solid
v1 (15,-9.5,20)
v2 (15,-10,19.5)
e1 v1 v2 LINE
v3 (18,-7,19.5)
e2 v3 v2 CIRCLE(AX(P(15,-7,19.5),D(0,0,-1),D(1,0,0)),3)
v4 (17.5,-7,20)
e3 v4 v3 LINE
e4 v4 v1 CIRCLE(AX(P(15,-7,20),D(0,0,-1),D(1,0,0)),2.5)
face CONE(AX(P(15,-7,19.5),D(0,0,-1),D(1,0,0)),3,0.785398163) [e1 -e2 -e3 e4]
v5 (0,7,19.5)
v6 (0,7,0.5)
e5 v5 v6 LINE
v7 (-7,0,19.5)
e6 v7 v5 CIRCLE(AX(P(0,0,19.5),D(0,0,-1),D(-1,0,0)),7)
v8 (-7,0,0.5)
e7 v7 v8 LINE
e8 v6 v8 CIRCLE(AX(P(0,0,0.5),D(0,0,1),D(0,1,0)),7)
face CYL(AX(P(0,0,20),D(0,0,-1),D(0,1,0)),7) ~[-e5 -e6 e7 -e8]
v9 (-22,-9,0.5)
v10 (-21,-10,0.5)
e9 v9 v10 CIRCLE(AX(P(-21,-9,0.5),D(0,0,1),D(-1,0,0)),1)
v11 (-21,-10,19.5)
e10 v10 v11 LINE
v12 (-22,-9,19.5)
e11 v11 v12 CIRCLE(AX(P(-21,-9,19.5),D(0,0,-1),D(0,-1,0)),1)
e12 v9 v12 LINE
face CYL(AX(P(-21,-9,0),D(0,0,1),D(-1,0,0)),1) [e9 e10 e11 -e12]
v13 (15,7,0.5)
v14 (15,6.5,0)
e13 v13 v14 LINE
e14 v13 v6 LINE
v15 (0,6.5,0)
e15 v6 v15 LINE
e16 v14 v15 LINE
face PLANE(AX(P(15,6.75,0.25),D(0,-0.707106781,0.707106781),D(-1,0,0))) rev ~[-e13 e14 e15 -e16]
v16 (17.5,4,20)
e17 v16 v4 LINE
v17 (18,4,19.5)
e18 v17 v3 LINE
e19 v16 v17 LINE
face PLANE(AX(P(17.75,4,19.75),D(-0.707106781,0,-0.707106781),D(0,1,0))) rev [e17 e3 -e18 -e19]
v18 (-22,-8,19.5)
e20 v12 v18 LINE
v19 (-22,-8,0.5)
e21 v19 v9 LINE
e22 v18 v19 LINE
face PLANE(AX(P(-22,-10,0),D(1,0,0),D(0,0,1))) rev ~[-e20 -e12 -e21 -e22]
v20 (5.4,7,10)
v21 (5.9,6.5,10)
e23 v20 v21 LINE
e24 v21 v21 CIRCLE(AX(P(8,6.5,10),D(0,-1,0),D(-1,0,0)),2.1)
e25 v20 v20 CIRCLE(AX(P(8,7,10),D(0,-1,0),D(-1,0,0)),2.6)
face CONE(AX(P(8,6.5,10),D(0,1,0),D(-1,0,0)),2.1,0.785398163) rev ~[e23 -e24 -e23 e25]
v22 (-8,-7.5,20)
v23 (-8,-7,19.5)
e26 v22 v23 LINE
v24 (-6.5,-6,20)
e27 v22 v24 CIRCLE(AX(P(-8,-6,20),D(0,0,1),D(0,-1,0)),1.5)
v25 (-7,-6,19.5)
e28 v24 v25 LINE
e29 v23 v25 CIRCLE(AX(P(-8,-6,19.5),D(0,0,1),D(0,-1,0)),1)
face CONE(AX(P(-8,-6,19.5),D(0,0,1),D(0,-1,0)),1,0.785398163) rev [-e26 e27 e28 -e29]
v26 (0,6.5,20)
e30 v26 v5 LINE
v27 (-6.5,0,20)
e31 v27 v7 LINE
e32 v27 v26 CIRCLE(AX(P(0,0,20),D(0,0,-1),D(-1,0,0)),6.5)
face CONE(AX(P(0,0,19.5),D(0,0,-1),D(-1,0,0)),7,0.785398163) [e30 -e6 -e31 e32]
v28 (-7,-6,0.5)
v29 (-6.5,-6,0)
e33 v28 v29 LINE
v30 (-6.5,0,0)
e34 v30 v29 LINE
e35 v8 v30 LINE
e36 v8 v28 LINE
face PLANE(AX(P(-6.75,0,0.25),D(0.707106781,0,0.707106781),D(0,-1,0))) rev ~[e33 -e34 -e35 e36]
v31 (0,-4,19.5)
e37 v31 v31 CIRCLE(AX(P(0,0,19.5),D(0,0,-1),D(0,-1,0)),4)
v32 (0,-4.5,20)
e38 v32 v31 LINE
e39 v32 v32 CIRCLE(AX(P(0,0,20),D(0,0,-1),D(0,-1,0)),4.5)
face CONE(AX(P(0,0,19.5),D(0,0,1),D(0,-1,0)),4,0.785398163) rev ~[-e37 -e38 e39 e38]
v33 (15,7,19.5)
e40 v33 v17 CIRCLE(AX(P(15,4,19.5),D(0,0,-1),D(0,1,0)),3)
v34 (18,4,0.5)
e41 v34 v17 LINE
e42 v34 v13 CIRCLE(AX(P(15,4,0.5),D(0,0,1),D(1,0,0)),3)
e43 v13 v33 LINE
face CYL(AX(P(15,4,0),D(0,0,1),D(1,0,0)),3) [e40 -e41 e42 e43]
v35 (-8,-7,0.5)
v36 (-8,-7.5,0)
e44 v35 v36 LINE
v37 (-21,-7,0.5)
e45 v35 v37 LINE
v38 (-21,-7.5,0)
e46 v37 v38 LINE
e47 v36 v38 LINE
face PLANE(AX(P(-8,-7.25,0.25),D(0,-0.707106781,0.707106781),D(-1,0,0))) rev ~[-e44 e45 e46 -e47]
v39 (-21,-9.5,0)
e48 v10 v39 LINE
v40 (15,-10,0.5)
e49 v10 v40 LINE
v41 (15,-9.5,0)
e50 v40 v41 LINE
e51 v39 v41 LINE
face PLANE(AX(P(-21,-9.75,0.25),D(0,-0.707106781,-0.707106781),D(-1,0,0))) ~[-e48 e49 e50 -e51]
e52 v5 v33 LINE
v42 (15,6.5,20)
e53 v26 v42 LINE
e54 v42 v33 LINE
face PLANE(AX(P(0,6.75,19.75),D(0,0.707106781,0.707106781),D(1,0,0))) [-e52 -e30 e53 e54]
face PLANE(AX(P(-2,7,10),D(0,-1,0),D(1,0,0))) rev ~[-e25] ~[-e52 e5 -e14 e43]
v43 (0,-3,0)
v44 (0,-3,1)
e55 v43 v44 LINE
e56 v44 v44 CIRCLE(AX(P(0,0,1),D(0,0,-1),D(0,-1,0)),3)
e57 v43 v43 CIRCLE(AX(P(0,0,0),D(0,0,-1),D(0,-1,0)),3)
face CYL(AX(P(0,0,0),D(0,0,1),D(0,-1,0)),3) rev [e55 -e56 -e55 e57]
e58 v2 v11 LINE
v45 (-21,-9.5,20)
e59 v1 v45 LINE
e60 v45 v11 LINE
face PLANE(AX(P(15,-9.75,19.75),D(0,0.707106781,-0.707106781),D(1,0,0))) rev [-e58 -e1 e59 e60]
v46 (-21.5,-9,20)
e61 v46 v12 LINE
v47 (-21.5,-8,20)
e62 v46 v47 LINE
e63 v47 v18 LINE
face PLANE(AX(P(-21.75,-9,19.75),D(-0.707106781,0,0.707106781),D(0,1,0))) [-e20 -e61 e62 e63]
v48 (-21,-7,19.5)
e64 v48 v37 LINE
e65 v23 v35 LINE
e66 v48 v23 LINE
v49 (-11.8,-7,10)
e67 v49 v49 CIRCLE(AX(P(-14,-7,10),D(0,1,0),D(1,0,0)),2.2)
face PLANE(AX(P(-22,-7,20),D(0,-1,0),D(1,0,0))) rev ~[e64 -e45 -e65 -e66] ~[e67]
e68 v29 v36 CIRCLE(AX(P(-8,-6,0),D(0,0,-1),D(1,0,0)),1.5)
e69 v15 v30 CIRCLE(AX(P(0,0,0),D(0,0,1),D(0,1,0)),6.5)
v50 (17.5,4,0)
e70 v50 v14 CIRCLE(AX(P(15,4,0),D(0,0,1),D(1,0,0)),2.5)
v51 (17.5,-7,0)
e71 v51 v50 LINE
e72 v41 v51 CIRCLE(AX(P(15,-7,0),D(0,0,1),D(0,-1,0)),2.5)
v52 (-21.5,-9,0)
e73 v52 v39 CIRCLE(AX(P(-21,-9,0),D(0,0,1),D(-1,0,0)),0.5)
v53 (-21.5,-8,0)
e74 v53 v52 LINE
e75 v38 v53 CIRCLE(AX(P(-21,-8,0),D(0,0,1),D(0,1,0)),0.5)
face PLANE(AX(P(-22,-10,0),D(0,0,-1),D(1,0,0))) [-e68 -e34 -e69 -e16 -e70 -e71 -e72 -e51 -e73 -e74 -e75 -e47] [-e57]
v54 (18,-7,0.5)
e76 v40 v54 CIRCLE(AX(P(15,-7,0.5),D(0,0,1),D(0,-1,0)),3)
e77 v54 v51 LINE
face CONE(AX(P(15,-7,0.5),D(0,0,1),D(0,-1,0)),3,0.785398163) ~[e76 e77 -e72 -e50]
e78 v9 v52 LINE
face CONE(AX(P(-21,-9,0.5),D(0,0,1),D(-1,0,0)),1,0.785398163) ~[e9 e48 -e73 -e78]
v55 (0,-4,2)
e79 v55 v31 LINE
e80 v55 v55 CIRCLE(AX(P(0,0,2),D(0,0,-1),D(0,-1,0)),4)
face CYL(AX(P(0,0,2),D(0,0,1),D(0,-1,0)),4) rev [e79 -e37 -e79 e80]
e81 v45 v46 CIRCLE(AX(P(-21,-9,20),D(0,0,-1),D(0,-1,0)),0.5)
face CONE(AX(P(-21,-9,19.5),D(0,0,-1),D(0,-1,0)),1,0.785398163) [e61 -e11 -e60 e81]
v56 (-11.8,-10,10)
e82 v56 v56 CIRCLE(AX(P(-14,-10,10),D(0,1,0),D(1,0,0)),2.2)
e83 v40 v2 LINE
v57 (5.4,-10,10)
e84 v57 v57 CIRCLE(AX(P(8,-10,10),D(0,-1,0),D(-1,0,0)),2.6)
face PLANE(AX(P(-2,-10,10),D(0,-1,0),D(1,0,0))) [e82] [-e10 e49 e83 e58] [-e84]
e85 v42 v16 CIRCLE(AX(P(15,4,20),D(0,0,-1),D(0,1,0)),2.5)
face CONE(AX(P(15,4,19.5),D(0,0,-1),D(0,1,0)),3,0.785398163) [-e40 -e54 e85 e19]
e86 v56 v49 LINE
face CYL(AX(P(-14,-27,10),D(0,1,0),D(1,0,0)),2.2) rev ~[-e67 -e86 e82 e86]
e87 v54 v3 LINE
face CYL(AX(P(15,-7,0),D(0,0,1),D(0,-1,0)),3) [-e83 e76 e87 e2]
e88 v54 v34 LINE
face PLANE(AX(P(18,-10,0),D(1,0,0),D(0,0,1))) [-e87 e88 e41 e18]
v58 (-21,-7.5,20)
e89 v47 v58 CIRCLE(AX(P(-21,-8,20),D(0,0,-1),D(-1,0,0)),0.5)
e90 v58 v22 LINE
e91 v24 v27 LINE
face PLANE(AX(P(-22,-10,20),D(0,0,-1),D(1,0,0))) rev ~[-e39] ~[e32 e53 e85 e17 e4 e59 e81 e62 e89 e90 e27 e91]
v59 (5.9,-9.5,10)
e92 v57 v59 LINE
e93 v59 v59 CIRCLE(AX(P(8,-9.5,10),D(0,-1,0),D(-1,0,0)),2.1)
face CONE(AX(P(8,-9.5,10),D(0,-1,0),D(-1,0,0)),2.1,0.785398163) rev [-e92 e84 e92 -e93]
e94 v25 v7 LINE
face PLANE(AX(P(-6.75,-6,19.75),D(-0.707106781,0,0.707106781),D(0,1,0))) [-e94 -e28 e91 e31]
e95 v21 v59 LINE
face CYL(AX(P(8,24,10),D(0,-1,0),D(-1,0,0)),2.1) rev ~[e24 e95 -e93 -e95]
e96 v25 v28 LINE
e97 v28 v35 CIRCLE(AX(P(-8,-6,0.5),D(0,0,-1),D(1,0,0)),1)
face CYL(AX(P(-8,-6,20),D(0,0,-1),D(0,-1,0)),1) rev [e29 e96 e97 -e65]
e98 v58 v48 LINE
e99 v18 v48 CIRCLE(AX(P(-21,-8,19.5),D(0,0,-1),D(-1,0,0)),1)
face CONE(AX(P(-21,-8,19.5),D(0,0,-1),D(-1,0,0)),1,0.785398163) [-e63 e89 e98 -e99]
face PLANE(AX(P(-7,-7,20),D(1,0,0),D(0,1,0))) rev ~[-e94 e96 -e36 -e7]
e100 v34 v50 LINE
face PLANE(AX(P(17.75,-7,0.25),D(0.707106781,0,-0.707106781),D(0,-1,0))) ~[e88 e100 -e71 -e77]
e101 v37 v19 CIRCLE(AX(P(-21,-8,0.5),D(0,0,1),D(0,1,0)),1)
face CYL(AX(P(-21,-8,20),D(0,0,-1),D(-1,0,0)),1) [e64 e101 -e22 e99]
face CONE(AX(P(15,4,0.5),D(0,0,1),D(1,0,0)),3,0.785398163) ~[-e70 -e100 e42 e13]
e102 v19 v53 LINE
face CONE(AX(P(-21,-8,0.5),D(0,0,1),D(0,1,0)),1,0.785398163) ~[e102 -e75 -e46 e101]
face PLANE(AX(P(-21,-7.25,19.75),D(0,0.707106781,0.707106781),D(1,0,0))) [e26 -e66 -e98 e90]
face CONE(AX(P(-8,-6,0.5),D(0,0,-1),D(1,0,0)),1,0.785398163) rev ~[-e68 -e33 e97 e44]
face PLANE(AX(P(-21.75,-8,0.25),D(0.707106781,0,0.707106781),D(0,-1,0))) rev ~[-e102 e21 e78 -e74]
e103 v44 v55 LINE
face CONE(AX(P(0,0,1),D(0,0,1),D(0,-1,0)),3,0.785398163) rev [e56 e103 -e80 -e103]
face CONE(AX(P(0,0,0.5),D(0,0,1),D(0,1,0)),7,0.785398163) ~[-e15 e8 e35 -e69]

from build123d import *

# Parameters (mm, degrees)
SKETCH1_W                      = 40
SKETCH1_H                      = 20
BOSS_EXTRUDE1_DEPTH            = 17
SKETCH2_W                      = 15
SKETCH2_H                      = 14
CUT_EXTRUDE1_DEPTH             = 21
F_4_4_4_4_DIAMETER_HOLE1_D     = 4.4
F_4_4_4_4_DIAMETER_HOLE1_DEPTH = 17
F_4_2_4_2_DIAMETER_HOLE1_D     = 4.2
F_4_2_4_2_DIAMETER_HOLE1_DEPTH = 17
FILLET1_R                      = 1
FILLET2_R                      = 3
FILLET3_R                      = 7
CHAMFER1_SIZE                  = 0.5


with BuildPart() as part:
    # Sketch1 → Boss-Extrude1 (new body)
    with BuildSketch(Plane.XZ.offset(10)):
        with Locations((-2, 10)):
            Rectangle(SKETCH1_W, SKETCH1_H)
    extrude(amount=-BOSS_EXTRUDE1_DEPTH)

    # Sketch2 → Cut-Extrude1 (cut, through all)
    with BuildSketch(Plane.XY.offset(20)):
        with Locations((-14.5, 0)):
            Rectangle(SKETCH2_W, SKETCH2_H)
    extrude(amount=-CUT_EXTRUDE1_DEPTH, mode=Mode.SUBTRACT)

    # Ø4.4 (4.4) Diameter Hole1
    with Locations(Plane(origin=(0, -10, 0), x_dir=(-1, 0, 0), z_dir=(0, -1, 0))):
        with Locations((14, -10)):
            Hole(F_4_4_4_4_DIAMETER_HOLE1_D / 2, depth=F_4_4_4_4_DIAMETER_HOLE1_DEPTH)

    # Ø4.2 (4.2) Diameter Hole1
    with Locations(Plane(origin=(0, 7, 0), x_dir=(1, 0, 0), z_dir=(0, 1, 0))):
        with Locations((8, -10)):
            Hole(F_4_2_4_2_DIAMETER_HOLE1_D / 2, depth=F_4_2_4_2_DIAMETER_HOLE1_DEPTH)

    # Sketch7 → Hole1 (revolve, cut)
    with BuildSketch(Plane(origin=(0, 0, 20), x_dir=(0, -1, 0), z_dir=(1, 0, 0))):
        Polygon((0, 0), (0, 20), (3, 20), (3, 19), (4, 18), (4, 0), align=None)
    revolve(axis=Axis((0, 0, 26.130023899), (0, 0, -1)), mode=Mode.SUBTRACT)

    # Fillet1
    fillet1_edges = [part.edges().sort_by_distance(p)[0] for p in [
        (-7, -7, 10),
        (-22, -7, 10),
        (-22, -10, 10),
    ]]
    fillet(fillet1_edges, radius=FILLET1_R)

    # Fillet2
    fillet2_edges = [part.edges().sort_by_distance(p)[0] for p in [
        (18, 7, 10),
        (18, -10, 10),
    ]]
    fillet(fillet2_edges, radius=FILLET2_R)

    # Fillet3
    fillet3_edges = [part.edges().sort_by_distance(p)[0] for p in [
        (-7, 7, 10),
    ]]
    fillet(fillet3_edges, radius=FILLET3_R)

    # Chamfer1
    chamfer1_edges = [part.edges().sort_by_distance(p)[0] for p in [
        (10.1, 7, 10),
        (10.1, -10, 10),
        (0, 4, 20),
        (-7, -3, 20),
        (-7, -3, 0),
        (-14.5, -7, 20),
        (-14.5, -7, 0),
        (-22, -8.5, 20),
        (-21.707106781, -9.707106781, 20),
        (-21.707106781, -7.292893219, 20),
        (-22, -8.5, 0),
        (-3, -10, 0),
        (-21.707106781, -9.707106781, 0),
        (-21.707106781, -7.292893219, 0),
        (-7.292893219, -6.707106781, 20),
        (-7.292893219, -6.707106781, 0),
        (-3, -10, 20),
        (18, -1.5, 20),
        (7.5, 7, 20),
        (17.121320344, 6.121320344, 20),
        (17.121320344, -9.121320344, 20),
        (18, -1.5, 0),
        (17.121320344, 6.121320344, 0),
        (17.121320344, -9.121320344, 0),
        (7.5, 7, 0),
        (-4.949747468, 4.949747468, 20),
        (-4.949747468, 4.949747468, 0),
    ]]
    chamfer(chamfer1_edges, length=CHAMFER1_SIZE)


solid = part.part
